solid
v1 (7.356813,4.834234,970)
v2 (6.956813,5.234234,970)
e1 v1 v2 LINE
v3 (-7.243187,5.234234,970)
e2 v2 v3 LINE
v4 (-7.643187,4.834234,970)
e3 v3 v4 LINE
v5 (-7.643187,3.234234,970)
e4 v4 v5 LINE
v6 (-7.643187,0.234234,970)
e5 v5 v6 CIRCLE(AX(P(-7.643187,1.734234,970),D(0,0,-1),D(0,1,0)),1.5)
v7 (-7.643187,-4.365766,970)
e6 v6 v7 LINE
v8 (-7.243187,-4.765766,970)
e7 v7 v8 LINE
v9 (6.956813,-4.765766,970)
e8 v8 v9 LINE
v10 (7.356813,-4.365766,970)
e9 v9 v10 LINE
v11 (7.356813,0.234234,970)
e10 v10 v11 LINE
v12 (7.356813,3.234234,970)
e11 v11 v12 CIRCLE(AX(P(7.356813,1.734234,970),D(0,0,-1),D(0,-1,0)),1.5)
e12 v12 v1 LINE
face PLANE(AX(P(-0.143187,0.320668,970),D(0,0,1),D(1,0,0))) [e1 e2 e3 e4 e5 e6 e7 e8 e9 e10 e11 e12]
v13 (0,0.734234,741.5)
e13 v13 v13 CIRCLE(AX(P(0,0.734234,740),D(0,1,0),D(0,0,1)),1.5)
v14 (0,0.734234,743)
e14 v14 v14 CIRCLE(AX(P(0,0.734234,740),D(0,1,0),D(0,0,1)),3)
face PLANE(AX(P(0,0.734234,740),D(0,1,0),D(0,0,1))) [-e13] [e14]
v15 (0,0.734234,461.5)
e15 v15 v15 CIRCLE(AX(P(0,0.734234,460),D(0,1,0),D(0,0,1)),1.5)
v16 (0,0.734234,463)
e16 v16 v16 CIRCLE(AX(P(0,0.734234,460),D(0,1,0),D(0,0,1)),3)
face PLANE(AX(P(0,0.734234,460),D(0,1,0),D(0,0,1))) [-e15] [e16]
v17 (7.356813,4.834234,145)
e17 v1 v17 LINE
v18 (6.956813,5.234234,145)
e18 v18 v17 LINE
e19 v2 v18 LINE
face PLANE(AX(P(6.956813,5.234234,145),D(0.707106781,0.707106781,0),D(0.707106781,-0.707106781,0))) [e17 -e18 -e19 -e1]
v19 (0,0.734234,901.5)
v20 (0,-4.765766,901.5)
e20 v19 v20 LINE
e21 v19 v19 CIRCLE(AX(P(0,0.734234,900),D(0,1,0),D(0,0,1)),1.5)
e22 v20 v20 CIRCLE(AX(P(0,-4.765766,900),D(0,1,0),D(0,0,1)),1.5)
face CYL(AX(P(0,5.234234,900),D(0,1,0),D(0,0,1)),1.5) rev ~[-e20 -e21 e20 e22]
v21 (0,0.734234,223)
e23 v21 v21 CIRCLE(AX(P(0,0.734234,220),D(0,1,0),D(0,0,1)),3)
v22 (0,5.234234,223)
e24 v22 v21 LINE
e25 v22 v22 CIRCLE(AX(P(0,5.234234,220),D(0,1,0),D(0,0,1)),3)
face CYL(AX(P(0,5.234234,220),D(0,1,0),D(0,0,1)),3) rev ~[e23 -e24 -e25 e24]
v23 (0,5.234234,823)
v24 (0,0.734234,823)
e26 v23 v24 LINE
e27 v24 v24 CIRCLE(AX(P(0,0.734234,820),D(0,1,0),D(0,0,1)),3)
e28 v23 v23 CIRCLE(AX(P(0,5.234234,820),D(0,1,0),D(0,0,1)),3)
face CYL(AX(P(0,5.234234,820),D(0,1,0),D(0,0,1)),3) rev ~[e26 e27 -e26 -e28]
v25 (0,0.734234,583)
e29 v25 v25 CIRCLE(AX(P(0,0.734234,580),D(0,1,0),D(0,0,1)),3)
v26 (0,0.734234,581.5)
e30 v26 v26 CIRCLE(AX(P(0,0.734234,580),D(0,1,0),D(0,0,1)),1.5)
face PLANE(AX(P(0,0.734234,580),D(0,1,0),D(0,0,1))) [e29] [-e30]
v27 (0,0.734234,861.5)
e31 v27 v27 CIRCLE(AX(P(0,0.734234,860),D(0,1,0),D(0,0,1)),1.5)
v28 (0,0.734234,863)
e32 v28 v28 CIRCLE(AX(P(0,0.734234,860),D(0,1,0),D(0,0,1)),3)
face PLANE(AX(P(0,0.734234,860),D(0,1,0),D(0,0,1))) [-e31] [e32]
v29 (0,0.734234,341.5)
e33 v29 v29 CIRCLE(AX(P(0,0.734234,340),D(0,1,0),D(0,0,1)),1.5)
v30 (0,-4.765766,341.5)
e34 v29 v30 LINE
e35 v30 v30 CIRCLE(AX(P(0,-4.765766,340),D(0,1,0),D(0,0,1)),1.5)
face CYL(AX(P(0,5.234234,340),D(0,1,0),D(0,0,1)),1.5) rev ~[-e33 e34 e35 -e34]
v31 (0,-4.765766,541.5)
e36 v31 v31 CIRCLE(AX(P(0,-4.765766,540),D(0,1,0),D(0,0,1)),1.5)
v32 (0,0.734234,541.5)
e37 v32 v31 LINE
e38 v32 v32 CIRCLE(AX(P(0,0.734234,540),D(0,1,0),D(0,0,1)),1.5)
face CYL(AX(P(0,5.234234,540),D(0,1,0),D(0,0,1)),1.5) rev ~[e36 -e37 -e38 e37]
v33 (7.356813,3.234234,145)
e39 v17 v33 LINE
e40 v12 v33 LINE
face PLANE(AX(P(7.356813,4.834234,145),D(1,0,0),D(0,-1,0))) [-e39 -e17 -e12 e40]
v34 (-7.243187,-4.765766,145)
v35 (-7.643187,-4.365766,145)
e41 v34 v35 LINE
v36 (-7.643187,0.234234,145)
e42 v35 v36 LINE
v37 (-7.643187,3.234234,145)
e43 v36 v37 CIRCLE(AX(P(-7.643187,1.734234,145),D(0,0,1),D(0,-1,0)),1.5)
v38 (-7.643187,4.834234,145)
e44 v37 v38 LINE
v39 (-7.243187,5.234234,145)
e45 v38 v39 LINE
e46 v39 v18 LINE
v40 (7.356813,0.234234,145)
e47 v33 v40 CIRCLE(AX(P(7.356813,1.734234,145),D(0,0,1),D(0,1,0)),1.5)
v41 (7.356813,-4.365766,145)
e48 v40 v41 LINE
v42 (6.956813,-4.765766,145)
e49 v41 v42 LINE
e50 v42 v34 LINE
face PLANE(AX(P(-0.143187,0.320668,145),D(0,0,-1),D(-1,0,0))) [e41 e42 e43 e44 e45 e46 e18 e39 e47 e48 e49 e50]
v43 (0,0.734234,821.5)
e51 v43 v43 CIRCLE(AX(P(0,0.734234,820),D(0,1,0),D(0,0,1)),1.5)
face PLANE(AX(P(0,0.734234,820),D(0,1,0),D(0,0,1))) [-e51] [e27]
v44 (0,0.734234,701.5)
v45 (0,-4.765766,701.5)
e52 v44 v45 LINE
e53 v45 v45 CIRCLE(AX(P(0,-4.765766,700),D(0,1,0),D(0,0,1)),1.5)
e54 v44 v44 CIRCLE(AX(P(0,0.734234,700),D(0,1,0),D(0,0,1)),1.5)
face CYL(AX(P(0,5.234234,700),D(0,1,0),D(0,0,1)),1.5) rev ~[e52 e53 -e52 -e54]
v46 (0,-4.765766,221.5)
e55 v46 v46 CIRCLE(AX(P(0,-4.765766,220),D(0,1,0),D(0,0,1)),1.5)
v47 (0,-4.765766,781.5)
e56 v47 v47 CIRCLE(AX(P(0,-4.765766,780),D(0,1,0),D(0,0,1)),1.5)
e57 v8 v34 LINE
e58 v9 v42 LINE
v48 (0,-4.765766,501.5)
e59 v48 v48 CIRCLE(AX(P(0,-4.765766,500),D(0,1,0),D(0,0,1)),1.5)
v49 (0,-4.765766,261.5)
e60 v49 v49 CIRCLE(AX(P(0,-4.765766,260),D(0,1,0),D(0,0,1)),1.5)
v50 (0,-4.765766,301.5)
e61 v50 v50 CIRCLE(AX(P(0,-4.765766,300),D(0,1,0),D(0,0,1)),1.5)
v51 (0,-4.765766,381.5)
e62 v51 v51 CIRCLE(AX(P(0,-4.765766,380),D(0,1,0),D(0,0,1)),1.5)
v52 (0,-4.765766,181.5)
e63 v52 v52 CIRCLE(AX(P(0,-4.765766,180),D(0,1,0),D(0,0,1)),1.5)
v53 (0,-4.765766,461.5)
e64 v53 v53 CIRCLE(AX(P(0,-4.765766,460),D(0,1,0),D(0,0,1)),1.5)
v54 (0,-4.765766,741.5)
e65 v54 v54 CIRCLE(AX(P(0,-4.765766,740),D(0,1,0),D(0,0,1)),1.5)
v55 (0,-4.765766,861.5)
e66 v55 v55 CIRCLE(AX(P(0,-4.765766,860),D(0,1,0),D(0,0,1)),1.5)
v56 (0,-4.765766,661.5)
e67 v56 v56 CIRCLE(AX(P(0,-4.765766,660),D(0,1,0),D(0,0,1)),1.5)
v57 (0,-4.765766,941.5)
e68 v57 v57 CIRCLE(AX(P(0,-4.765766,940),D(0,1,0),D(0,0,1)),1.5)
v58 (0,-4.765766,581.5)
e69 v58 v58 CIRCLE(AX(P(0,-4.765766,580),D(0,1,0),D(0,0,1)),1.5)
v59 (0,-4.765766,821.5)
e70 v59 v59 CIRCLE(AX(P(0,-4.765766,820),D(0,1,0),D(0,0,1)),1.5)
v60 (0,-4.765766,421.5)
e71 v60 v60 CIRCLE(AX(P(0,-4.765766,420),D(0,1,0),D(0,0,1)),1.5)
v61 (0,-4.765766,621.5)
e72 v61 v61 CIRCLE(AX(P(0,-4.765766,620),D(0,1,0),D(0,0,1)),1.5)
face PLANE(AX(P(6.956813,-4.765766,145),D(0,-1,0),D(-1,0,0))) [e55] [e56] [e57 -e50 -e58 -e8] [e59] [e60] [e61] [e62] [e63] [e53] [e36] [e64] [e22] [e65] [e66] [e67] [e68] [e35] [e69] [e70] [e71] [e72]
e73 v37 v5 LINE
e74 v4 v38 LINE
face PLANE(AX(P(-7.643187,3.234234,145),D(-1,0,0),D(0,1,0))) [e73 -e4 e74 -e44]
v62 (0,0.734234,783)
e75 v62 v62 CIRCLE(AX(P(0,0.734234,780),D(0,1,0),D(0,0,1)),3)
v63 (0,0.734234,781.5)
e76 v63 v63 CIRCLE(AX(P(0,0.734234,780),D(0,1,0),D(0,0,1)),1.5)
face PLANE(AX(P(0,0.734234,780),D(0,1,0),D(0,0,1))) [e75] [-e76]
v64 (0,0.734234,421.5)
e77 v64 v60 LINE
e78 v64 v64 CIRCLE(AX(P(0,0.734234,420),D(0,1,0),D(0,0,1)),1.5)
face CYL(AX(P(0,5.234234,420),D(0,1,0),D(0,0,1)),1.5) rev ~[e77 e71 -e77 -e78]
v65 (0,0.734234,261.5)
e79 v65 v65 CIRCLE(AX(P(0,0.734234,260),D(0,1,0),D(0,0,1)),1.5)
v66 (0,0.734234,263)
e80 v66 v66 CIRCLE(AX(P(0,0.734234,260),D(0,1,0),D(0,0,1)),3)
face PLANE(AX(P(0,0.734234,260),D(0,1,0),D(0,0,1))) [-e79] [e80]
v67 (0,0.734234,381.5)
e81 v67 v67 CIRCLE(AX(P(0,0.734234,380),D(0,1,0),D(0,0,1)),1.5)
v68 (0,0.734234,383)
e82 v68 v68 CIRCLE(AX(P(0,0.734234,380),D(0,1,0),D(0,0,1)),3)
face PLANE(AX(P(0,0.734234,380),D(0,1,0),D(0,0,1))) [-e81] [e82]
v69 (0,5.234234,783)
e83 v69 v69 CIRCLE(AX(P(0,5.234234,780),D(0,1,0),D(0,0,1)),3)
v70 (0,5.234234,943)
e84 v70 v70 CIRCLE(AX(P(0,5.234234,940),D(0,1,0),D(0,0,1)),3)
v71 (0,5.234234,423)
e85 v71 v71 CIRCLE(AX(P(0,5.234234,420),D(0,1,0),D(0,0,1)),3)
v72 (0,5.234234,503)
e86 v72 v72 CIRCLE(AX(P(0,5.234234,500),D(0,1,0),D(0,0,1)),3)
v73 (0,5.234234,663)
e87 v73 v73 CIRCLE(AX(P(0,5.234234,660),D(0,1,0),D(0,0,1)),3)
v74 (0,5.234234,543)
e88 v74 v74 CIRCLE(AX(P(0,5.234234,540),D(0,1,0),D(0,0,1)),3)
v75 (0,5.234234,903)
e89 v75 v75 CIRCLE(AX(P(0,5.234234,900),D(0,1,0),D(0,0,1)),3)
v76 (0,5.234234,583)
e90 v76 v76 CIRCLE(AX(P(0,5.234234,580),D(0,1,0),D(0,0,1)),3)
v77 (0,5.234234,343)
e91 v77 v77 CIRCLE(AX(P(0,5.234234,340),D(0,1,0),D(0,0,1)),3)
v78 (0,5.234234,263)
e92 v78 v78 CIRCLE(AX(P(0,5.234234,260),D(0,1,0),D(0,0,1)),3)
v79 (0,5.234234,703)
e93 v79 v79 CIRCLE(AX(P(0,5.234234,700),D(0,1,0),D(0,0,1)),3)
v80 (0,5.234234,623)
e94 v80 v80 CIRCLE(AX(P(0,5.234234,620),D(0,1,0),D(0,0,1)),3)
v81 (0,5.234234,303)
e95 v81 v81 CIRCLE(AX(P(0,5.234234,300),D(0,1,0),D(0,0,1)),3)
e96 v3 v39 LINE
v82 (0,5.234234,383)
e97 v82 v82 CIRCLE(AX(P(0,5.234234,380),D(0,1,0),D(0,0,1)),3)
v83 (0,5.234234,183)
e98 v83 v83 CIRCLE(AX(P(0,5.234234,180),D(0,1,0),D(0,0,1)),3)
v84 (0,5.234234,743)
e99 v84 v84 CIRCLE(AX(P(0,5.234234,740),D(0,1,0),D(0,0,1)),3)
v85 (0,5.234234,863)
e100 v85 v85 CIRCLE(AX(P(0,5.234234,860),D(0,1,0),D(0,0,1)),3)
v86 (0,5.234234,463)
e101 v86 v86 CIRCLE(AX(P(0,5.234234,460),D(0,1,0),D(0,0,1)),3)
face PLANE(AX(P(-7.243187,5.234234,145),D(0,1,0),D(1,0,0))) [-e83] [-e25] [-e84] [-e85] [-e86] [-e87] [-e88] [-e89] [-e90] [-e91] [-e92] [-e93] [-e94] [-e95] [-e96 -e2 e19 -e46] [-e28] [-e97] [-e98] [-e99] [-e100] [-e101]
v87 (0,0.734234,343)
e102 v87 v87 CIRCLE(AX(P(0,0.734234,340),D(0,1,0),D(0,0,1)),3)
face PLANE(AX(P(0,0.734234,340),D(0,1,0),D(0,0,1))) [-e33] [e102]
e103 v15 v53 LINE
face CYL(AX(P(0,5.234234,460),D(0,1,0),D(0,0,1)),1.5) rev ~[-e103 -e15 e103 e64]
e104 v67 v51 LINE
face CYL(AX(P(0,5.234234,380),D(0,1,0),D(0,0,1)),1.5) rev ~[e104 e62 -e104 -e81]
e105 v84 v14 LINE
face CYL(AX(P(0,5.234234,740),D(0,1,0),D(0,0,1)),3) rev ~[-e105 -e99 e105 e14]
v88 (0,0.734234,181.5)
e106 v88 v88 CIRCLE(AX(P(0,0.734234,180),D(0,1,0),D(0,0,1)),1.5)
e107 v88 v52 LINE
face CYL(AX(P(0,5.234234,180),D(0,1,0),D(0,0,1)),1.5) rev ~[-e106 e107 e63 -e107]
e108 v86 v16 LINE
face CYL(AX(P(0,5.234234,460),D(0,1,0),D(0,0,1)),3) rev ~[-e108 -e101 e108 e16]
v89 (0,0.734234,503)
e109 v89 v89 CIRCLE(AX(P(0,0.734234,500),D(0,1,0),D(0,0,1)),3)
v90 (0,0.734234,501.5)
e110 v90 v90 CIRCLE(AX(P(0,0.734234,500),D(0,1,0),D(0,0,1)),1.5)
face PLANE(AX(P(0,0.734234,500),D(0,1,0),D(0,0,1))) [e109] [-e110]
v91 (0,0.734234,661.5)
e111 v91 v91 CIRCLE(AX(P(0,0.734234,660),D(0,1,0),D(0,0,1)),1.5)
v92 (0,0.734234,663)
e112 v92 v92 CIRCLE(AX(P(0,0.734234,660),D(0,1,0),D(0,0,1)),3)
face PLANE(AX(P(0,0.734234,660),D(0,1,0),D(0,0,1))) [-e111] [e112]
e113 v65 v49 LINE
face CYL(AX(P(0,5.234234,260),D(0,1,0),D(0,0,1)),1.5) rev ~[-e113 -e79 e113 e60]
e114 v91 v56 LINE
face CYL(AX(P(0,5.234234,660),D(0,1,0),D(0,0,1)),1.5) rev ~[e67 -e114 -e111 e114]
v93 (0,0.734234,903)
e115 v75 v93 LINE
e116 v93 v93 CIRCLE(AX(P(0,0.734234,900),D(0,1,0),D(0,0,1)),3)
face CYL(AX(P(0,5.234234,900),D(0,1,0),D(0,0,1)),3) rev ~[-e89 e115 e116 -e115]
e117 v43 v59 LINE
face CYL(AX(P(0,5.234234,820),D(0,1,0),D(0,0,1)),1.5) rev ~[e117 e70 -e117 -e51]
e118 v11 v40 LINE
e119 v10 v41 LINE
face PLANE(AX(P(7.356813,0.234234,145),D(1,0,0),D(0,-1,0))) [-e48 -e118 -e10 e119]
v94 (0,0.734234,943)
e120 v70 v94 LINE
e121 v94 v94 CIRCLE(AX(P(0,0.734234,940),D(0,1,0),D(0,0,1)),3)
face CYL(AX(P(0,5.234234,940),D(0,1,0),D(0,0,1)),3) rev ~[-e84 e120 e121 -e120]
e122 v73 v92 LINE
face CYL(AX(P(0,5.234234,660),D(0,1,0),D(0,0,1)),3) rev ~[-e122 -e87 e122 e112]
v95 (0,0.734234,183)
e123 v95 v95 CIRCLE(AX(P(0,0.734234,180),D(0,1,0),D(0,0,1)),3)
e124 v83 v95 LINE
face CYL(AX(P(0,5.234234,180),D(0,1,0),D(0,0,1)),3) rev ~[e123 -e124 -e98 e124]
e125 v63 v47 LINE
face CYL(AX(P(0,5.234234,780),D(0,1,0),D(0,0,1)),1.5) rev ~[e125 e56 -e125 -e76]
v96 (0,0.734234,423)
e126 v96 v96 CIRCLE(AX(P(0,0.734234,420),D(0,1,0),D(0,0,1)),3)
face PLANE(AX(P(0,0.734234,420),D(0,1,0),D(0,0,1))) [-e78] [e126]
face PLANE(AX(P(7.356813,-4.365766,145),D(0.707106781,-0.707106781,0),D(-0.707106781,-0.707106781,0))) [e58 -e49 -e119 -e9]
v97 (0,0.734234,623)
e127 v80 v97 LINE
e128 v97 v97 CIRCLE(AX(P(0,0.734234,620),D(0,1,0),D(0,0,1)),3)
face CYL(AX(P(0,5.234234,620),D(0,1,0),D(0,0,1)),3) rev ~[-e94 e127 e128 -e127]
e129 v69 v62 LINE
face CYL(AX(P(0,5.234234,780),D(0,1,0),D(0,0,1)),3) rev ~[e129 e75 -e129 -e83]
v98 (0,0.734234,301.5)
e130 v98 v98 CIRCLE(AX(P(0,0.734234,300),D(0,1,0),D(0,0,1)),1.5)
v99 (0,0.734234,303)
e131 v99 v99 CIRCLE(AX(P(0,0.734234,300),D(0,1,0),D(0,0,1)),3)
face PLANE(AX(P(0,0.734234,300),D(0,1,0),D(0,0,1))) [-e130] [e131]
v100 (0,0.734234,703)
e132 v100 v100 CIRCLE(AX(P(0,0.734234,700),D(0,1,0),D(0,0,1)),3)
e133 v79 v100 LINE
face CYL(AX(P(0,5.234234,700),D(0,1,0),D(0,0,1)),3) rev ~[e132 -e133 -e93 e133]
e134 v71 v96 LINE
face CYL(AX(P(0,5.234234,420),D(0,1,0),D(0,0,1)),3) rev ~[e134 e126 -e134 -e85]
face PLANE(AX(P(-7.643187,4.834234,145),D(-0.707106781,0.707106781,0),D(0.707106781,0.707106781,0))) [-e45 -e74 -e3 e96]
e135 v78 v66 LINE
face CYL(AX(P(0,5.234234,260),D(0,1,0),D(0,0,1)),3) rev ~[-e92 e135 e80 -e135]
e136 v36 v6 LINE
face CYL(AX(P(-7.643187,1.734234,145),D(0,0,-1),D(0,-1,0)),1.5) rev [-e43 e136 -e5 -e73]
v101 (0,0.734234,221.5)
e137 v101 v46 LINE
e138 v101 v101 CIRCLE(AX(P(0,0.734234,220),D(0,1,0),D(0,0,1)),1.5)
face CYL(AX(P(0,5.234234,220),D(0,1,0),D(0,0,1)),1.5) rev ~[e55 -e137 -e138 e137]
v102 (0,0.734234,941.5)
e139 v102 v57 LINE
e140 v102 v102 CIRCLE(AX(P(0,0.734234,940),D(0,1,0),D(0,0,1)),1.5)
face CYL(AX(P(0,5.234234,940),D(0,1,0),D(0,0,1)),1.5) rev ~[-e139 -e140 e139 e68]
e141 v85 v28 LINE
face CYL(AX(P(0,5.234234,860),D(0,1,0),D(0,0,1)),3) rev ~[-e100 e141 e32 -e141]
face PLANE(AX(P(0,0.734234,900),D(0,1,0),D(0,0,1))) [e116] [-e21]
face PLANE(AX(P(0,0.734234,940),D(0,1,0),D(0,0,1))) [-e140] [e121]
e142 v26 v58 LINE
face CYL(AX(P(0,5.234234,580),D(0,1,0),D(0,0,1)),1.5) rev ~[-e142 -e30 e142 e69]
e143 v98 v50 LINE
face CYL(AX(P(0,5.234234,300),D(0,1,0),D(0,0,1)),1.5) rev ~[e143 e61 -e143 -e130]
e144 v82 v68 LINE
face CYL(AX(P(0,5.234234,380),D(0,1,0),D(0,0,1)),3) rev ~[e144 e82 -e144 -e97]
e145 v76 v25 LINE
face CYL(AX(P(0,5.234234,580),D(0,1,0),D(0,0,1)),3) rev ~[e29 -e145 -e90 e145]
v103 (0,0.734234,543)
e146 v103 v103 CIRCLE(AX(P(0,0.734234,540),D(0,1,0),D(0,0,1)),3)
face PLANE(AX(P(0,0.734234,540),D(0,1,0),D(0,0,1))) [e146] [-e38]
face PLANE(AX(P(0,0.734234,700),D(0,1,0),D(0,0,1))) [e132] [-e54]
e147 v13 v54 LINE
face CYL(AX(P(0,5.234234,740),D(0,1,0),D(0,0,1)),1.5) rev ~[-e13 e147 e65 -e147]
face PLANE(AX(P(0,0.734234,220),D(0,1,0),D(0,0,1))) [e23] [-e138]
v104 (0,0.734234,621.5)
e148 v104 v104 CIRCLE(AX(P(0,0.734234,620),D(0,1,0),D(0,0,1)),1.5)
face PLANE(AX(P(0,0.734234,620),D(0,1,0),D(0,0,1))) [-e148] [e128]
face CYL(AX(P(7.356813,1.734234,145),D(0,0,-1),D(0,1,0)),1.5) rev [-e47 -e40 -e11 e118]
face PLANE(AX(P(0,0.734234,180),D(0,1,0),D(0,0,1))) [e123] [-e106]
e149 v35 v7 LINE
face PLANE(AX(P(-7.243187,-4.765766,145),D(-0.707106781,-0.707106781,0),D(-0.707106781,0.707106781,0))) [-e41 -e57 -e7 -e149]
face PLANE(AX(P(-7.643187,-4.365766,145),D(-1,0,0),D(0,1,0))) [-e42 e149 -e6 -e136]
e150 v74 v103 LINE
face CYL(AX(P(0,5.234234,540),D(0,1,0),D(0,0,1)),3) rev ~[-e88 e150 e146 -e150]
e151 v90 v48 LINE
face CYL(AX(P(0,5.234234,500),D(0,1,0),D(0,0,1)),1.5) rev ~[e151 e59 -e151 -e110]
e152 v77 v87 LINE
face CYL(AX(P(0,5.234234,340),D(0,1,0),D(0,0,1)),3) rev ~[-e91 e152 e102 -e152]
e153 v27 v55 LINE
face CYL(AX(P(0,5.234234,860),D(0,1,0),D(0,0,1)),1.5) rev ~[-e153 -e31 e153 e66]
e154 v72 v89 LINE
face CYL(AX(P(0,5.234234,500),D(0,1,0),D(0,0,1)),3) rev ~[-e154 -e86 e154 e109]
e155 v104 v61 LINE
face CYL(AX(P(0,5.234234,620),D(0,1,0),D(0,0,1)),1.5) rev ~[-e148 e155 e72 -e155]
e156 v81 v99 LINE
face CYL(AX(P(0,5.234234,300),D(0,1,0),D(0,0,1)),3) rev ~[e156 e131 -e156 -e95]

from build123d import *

# Parameters (mm, degrees)
EXTRUDE_1_DEPTH        = 1000
SKETCH_2_R             = 1.5
CUT_EXTRUDE_1_DEPTH    = 20
SKETCH_3_R             = 3
CUT_EXTRUDE_2_DEPTH    = 4.5
PATTERN_LINEAR_1_COUNT = 25
PATTERN_LINEAR_1_PITCH = 40
CUT_EXTRUDE_4_DEPTH    = 80
CUT_EXTRUDE_5_DEPTH    = 80
EXTRUDE_START          = 15
EXTRUDE_2_DEPTH        = 15
CUT_EXTRUDE_START      = -30
CUT_EXTRUDE_8_DEPTH    = 30


with BuildPart() as part:
    # 草图1 → 凸台-拉伸1 (new body)
    with BuildSketch(Plane.XY):
        with BuildLine():
            Line((-7.643186957, 0.234233912), (-7.643186957, -4.365766088))
            Line((-7.643186957, -4.365766088), (-7.243186957, -4.765766088))
            Line((-7.243186957, -4.765766088), (6.956813043, -4.765766088))
            Line((6.956813043, -4.765766088), (7.356813043, -4.365766088))
            Line((7.356813043, -4.365766088), (7.356813043, 0.234233912))
            ThreePointArc((7.356813043, 0.234233912), (6.296152871, 0.67357374), (5.856813043, 1.734233912))
            ThreePointArc((5.856813043, 1.734233912), (6.296152871, 2.794894084), (7.356813043, 3.234233912))
            Line((7.356813043, 3.234233912), (7.356813043, 4.834233912))
            Line((7.356813043, 4.834233912), (6.956813043, 5.234233912))
            Line((6.956813043, 5.234233912), (-7.243186957, 5.234233912))
            Line((-7.243186957, 5.234233912), (-7.643186957, 4.834233912))
            Line((-7.643186957, 4.834233912), (-7.643186957, 3.234233912))
            ThreePointArc((-7.643186957, 3.234233912), (-6.143186957, 1.734233912), (-7.643186957, 0.234233912))
        make_face()
    extrude(amount=EXTRUDE_1_DEPTH)

    # 草图2 → 切除-拉伸1 (cut)
    with BuildSketch(Plane(origin=(0, 5.234233912, 0), x_dir=(1, 0, 0), z_dir=(0, 1, 0))):
        with Locations(Location((0, -20, 0), (0, 0, 270))):
            Circle(SKETCH_2_R)
    cut_extrude_1 = extrude(amount=-CUT_EXTRUDE_1_DEPTH, mode=Mode.SUBTRACT)

    # 草图3 → 切除-拉伸2 (cut)
    with BuildSketch(Plane(origin=(0, 5.234233912, 0), x_dir=(1, 0, 0), z_dir=(0, 1, 0))):
        with Locations(Location((0, -20, 0), (0, 0, 270))):
            Circle(SKETCH_3_R)
    cut_extrude_2 = extrude(amount=-CUT_EXTRUDE_2_DEPTH, mode=Mode.SUBTRACT)

    # 阵列(线性)1: 切除-拉伸1, 切除-拉伸2 ×25
    with Locations(*[(0, 0, i * PATTERN_LINEAR_1_PITCH) for i in range(1, PATTERN_LINEAR_1_COUNT)]):
        add(cut_extrude_1, mode=Mode.SUBTRACT)
        add(cut_extrude_2, mode=Mode.SUBTRACT)

    # 草图6 → 切除-拉伸4 (cut)
    with BuildSketch(Plane(origin=(0, 0, 0), x_dir=(-1, 0, 0), z_dir=(0, 0, -1))):
        with BuildLine():
            Line((7.643186957, 3.234233912), (7.643186957, 4.834233912))
            Line((7.643186957, 4.834233912), (7.243186957, 5.234233912))
            Line((7.243186957, 5.234233912), (-6.956813043, 5.234233912))
            Line((-6.956813043, 5.234233912), (-7.356813043, 4.834233912))
            Line((-7.356813043, 4.834233912), (-7.356813043, 3.234233912))
            ThreePointArc((-7.356813043, 3.234233912), (-5.856813043, 1.734233912), (-7.356813043, 0.234233912))
            Line((-7.356813043, 0.234233912), (-7.356813043, -4.365766088))
            Line((-7.356813043, -4.365766088), (-6.956813043, -4.765766088))
            Line((-6.956813043, -4.765766088), (7.243186957, -4.765766088))
            Line((7.243186957, -4.765766088), (7.643186957, -4.365766088))
            Line((7.643186957, -4.365766088), (7.643186957, 0.234233912))
            ThreePointArc((7.643186957, 0.234233912), (6.143186957, 1.734233912), (7.643186957, 3.234233912))
        make_face()
    extrude(amount=-CUT_EXTRUDE_4_DEPTH, mode=Mode.SUBTRACT)

    # 草图7 → 切除-拉伸5 (cut)
    with BuildSketch(Plane(origin=(0, 0, 80), x_dir=(-1, 0, 0), z_dir=(0, 0, -1))):
        with BuildLine():
            Line((7.643186957, 3.234233912), (7.643186957, 4.834233912))
            Line((7.643186957, 4.834233912), (7.243186957, 5.234233912))
            Line((7.243186957, 5.234233912), (-6.956813043, 5.234233912))
            Line((-6.956813043, 5.234233912), (-7.356813043, 4.834233912))
            Line((-7.356813043, 4.834233912), (-7.356813043, 3.234233912))
            ThreePointArc((-7.356813043, 3.234233912), (-5.856813043, 1.734233912), (-7.356813043, 0.234233912))
            Line((-7.356813043, 0.234233912), (-7.356813043, -4.365766088))
            Line((-7.356813043, -4.365766088), (-6.956813043, -4.765766088))
            Line((-6.956813043, -4.765766088), (7.243186957, -4.765766088))
            Line((7.243186957, -4.765766088), (7.643186957, -4.365766088))
            Line((7.643186957, -4.365766088), (7.643186957, 0.234233912))
            ThreePointArc((7.643186957, 0.234233912), (6.143186957, 1.734233912), (7.643186957, 3.234233912))
        make_face()
    extrude(amount=-CUT_EXTRUDE_5_DEPTH, mode=Mode.SUBTRACT)

    # 草图10 → 凸台-拉伸2 (add)
    with BuildSketch(Plane(origin=(0, 0, 160), x_dir=(-1, 0, 0), z_dir=(0, 0, -1)).offset(EXTRUDE_START)):
        with BuildLine():
            Line((7.643186957, 3.234233912), (7.643186957, 4.834233912))
            Line((7.643186957, 4.834233912), (7.243186957, 5.234233912))
            Line((7.243186957, 5.234233912), (-6.956813043, 5.234233912))
            Line((-6.956813043, 5.234233912), (-7.356813043, 4.834233912))
            Line((-7.356813043, 4.834233912), (-7.356813043, 3.234233912))
            ThreePointArc((-7.356813043, 3.234233912), (-5.856813043, 1.734233912), (-7.356813043, 0.234233912))
            Line((-7.356813043, 0.234233912), (-7.356813043, -4.365766088))
            Line((-7.356813043, -4.365766088), (-6.956813043, -4.765766088))
            Line((-6.956813043, -4.765766088), (7.243186957, -4.765766088))
            Line((7.243186957, -4.765766088), (7.643186957, -4.365766088))
            Line((7.643186957, -4.365766088), (7.643186957, 0.234233912))
            ThreePointArc((7.643186957, 0.234233912), (6.143186957, 1.734233912), (7.643186957, 3.234233912))
        make_face()
    extrude(amount=-EXTRUDE_2_DEPTH)

    # 草图11 → 切除-拉伸8 (cut)
    with BuildSketch(Plane.XY.offset(1000).offset(CUT_EXTRUDE_START)):
        with BuildLine():
            Line((-7.643186957, 0.234233912), (-7.643186957, -4.365766088))
            Line((-7.643186957, -4.365766088), (-7.243186957, -4.765766088))
            Line((-7.243186957, -4.765766088), (6.956813043, -4.765766088))
            Line((6.956813043, -4.765766088), (7.356813043, -4.365766088))
            Line((7.356813043, -4.365766088), (7.356813043, 0.234233912))
            ThreePointArc((7.356813043, 0.234233912), (5.856813043, 1.734233912), (7.356813043, 3.234233912))
            Line((7.356813043, 3.234233912), (7.356813043, 4.834233912))
            Line((7.356813043, 4.834233912), (6.956813043, 5.234233912))
            Line((6.956813043, 5.234233912), (-7.243186957, 5.234233912))
            Line((-7.243186957, 5.234233912), (-7.643186957, 4.834233912))
            Line((-7.643186957, 4.834233912), (-7.643186957, 3.234233912))
            ThreePointArc((-7.643186957, 3.234233912), (-6.143186957, 1.734233912), (-7.643186957, 0.234233912))
        make_face()
    extrude(amount=CUT_EXTRUDE_8_DEPTH, mode=Mode.SUBTRACT)


solid = part.part
